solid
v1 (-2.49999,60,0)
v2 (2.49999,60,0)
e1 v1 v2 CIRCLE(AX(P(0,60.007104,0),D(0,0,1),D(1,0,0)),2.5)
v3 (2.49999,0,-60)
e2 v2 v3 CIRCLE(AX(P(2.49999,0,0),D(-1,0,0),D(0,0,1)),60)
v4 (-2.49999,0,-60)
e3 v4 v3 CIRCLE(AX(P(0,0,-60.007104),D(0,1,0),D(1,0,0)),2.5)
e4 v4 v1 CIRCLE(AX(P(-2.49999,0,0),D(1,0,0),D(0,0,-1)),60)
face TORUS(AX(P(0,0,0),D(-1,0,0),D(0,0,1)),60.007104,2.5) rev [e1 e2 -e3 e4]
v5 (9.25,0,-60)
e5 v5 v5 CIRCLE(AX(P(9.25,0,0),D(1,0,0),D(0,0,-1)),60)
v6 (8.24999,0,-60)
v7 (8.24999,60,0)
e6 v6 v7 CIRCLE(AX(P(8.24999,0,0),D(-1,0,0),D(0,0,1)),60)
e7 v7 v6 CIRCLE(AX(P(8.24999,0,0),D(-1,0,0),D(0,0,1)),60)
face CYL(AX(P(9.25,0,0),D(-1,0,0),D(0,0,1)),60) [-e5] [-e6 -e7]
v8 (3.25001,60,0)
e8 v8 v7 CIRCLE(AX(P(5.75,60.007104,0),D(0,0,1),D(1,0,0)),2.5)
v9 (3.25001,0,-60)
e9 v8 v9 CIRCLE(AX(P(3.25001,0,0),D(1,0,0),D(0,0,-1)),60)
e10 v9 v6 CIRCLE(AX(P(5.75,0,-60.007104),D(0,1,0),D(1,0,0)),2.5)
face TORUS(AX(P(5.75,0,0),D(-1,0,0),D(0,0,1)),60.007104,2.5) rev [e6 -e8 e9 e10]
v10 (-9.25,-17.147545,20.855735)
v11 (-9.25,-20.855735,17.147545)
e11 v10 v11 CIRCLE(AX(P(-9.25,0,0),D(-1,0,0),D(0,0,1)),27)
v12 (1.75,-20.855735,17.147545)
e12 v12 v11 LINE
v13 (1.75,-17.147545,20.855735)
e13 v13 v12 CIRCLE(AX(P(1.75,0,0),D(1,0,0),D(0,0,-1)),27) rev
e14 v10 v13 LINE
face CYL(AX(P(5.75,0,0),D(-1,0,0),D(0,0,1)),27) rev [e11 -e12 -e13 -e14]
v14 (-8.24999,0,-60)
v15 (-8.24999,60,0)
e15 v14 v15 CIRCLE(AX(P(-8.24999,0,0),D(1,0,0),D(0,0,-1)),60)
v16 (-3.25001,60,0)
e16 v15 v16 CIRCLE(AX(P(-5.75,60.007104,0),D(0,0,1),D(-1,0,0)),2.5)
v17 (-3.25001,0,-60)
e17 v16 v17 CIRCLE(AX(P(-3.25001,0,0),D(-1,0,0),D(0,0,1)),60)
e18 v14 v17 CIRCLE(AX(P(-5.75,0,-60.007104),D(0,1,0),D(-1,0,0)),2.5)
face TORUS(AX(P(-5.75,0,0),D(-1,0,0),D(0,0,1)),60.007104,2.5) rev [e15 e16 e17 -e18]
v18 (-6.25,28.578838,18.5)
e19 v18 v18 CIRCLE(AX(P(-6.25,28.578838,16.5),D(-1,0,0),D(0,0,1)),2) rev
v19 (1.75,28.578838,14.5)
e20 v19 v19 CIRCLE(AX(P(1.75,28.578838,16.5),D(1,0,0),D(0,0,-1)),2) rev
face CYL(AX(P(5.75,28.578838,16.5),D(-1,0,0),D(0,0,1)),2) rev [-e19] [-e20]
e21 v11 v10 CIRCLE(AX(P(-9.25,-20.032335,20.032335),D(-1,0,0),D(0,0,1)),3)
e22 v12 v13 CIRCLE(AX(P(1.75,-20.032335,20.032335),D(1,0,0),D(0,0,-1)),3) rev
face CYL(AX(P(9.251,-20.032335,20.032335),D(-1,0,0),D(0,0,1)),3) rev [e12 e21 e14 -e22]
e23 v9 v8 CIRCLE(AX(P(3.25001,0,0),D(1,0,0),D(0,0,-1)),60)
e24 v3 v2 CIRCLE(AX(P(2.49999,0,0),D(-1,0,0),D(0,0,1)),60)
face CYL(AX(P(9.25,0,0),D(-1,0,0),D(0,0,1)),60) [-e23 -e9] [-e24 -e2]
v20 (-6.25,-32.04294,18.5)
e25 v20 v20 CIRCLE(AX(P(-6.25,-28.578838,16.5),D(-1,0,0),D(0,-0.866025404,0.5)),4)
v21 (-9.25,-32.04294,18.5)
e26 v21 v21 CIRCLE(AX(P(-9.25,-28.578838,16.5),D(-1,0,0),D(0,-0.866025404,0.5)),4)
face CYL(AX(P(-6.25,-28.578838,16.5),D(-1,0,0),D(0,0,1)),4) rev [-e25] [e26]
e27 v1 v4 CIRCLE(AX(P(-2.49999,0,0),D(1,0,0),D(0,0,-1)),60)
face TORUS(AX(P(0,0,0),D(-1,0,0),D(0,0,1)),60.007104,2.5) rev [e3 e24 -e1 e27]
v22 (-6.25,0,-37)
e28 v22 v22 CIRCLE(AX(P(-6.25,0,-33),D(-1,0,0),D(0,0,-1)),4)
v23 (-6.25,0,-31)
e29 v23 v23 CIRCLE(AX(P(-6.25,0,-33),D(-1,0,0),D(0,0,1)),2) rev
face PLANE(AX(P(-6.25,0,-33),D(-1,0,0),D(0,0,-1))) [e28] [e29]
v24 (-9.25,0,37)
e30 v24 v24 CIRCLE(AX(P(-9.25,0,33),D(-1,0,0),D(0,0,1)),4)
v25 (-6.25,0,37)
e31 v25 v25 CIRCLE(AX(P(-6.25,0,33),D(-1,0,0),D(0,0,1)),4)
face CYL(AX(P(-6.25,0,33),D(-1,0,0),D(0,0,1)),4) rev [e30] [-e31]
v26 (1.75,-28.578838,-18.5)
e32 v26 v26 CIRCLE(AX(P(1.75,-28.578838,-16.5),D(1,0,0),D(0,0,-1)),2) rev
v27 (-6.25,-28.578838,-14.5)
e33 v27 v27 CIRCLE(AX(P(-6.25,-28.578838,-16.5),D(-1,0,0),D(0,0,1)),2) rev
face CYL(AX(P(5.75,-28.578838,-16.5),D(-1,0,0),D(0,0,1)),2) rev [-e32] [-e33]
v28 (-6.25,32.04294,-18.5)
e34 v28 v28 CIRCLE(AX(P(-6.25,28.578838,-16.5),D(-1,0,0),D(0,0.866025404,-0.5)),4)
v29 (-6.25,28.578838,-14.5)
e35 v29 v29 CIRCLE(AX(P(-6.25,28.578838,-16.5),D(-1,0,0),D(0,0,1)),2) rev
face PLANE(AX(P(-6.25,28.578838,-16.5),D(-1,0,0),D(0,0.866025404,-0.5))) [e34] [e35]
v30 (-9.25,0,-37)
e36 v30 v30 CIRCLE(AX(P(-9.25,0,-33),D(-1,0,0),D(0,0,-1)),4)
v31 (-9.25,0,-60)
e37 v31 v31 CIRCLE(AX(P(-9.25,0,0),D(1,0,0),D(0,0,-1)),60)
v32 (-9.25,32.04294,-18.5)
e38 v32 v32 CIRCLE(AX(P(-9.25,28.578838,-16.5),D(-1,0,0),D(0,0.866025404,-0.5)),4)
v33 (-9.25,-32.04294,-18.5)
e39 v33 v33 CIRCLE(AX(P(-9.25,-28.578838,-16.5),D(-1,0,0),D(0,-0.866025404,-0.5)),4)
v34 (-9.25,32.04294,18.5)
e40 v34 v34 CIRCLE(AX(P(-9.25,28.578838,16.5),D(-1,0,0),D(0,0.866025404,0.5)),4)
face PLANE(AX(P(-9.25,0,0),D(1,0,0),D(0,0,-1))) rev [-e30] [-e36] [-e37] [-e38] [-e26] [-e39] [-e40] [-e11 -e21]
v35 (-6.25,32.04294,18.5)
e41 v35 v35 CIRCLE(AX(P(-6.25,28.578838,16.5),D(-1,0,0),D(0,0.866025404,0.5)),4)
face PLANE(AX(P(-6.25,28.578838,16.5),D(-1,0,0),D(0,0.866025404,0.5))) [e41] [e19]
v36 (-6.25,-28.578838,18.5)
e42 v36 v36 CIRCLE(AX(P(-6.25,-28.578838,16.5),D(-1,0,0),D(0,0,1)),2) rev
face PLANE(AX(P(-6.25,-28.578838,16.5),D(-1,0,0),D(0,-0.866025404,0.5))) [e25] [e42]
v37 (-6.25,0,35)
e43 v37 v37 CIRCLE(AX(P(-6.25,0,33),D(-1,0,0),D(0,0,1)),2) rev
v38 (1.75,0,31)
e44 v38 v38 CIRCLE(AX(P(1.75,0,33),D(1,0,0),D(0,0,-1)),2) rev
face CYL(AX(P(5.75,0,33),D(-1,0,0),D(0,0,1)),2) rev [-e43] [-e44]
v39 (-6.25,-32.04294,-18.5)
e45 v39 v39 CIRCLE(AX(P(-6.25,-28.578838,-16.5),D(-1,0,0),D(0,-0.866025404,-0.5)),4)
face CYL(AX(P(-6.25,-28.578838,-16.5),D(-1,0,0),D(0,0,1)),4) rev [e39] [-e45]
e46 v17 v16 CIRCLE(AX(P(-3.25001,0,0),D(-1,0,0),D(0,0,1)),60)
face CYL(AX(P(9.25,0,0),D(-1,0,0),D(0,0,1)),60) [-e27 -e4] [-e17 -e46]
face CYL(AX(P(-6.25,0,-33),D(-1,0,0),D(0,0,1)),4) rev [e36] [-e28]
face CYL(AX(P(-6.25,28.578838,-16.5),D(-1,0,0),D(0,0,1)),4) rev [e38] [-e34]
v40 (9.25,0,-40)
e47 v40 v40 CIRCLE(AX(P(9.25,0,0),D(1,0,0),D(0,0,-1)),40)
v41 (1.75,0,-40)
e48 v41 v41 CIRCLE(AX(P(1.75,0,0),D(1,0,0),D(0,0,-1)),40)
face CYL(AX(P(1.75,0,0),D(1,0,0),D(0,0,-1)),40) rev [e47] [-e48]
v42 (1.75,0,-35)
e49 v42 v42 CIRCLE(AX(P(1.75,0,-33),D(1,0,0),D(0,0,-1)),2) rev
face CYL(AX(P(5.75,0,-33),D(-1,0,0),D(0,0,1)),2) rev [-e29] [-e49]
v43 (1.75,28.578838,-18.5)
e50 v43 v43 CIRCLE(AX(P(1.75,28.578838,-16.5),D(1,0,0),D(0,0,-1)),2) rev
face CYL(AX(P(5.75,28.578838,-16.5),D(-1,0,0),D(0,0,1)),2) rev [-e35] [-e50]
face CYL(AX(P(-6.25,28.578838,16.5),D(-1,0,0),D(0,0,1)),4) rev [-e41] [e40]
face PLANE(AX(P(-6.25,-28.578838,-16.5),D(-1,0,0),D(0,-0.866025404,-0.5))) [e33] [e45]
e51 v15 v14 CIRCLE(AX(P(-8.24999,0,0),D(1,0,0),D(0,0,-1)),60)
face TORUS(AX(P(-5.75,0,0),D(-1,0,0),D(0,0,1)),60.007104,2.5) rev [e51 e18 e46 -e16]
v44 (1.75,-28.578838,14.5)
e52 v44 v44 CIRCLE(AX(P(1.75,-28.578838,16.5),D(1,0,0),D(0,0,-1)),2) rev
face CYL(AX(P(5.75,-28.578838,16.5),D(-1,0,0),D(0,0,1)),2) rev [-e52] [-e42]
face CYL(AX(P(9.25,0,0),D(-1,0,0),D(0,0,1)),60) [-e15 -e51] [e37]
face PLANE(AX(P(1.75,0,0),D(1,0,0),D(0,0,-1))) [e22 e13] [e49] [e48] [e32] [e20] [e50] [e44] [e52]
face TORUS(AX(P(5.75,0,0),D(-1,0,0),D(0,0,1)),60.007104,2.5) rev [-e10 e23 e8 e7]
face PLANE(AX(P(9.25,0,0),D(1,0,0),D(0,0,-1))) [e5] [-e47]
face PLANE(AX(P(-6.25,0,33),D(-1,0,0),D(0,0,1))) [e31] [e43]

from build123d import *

# Parameters (mm, degrees)
SKETCH1_R           = 60
BOSS_EXTRUDE1_DEPTH = 9.25
SKETCH3_R           = 27
CUT_EXTRUDE1_DEPTH  = 15
SKETCH4_R           = 2
CUT_EXTRUDE2_DEPTH  = 15
SKETCH5_R           = 4
CUT_EXTRUDE3_DEPTH  = 3
CIRPATTERN1_COUNT   = 6
CUT_EXTRUDE4_REACH  = 88.846
SKETCH6_R           = 3
SKETCH7_R           = 2.5
SKETCH8_R           = 40
CUT_EXTRUDE5_DEPTH  = 7.5


with BuildPart() as part:
    # Sketch1 → Boss-Extrude1 (new, symmetric)
    with BuildSketch(Plane(origin=(0, 0, 0), x_dir=(0, 0, -1), z_dir=(1, 0, 0))):
        Circle(SKETCH1_R)
    extrude(amount=BOSS_EXTRUDE1_DEPTH, both=True)

    # Sketch3 → Cut-Extrude1 (cut)
    with BuildSketch(Plane.ZY.offset(9.25)):
        Circle(SKETCH3_R)
    extrude(amount=-CUT_EXTRUDE1_DEPTH, mode=Mode.SUBTRACT)

    # Sketch4 → Cut-Extrude2 (cut)
    with BuildSketch(Plane.ZY.offset(9.25)):
        with Locations((33, 0)):
            Circle(SKETCH4_R)
    cut_extrude2 = extrude(amount=-CUT_EXTRUDE2_DEPTH, mode=Mode.SUBTRACT)

    # Sketch5 → Cut-Extrude3 (cut)
    with BuildSketch(Plane.ZY.offset(9.25)):
        with Locations((33, 0)):
            Circle(SKETCH5_R)
    cut_extrude3 = extrude(amount=-CUT_EXTRUDE3_DEPTH, mode=Mode.SUBTRACT)

    # CirPattern1: Cut-Extrude2, Cut-Extrude3 ×6 about axis
    cirpattern1_axis = Axis((0, 0, 0), (1, 0, 0))
    add([cut_extrude2.rotate(cirpattern1_axis, i * 360 / CIRPATTERN1_COUNT) for i in range(1, CIRPATTERN1_COUNT)], mode=Mode.SUBTRACT)
    add([cut_extrude3.rotate(cirpattern1_axis, i * 360 / CIRPATTERN1_COUNT) for i in range(1, CIRPATTERN1_COUNT)], mode=Mode.SUBTRACT)

    # Sketch6 → Cut-Extrude4 (cut, up to next)
    with BuildSketch(Plane.ZY.offset(9.25), mode=Mode.PRIVATE) as cut_extrude4_sk1:
        with Locations(Location((20.032335111, -20.032335111, 0), (0, 0, 74.069764845))):
            Circle(SKETCH6_R)
    cut_extrude4_tool1 = extrude(cut_extrude4_sk1.sketch, amount=-CUT_EXTRUDE4_REACH, mode=Mode.PRIVATE) & part.part
    add(cut_extrude4_tool1.solids().sort_by_distance((-9.25, -20.032335, 20.032335))[0], mode=Mode.SUBTRACT)

    # Cut-Sweep1: sweep along a curve in space
    with BuildLine() as cut_sweep1_path:
        ThreePointArc((-9.25, 0, -60), (-9.25, 42.426406871, -42.426406871), (-9.25, 60, 0))
        ThreePointArc((-9.25, 60, 0), (-9.25, 42.426406871, 42.426406871), (-9.25, 0, 60))
        ThreePointArc((-9.25, 0, 60), (-9.25, -42.426406871, 42.426406871), (-9.25, -60, 0))
        ThreePointArc((-9.25, -60, 0), (-9.25, -42.426406871, -42.426406871), (-9.25, 0, -60))
    # Sketch7 → Cut-Sweep1 (sweep, cut)
    with BuildSketch(Plane.XY):
        with Locations((5.75, 60.007104411)):
            Circle(SKETCH7_R)
        with Locations((-5.75, 60.007104411)):
            Circle(SKETCH7_R)
        with Locations((0, 60.007104411)):
            Circle(SKETCH7_R)
    sweep(path=cut_sweep1_path.line, mode=Mode.SUBTRACT)

    # Sketch8 → Cut-Extrude5 (cut)
    with BuildSketch(Plane(origin=(9.25, 0, 0), x_dir=(0, 0, -1), z_dir=(1, 0, 0))):
        Circle(SKETCH8_R)
    extrude(amount=-CUT_EXTRUDE5_DEPTH, mode=Mode.SUBTRACT)


solid = part.part
